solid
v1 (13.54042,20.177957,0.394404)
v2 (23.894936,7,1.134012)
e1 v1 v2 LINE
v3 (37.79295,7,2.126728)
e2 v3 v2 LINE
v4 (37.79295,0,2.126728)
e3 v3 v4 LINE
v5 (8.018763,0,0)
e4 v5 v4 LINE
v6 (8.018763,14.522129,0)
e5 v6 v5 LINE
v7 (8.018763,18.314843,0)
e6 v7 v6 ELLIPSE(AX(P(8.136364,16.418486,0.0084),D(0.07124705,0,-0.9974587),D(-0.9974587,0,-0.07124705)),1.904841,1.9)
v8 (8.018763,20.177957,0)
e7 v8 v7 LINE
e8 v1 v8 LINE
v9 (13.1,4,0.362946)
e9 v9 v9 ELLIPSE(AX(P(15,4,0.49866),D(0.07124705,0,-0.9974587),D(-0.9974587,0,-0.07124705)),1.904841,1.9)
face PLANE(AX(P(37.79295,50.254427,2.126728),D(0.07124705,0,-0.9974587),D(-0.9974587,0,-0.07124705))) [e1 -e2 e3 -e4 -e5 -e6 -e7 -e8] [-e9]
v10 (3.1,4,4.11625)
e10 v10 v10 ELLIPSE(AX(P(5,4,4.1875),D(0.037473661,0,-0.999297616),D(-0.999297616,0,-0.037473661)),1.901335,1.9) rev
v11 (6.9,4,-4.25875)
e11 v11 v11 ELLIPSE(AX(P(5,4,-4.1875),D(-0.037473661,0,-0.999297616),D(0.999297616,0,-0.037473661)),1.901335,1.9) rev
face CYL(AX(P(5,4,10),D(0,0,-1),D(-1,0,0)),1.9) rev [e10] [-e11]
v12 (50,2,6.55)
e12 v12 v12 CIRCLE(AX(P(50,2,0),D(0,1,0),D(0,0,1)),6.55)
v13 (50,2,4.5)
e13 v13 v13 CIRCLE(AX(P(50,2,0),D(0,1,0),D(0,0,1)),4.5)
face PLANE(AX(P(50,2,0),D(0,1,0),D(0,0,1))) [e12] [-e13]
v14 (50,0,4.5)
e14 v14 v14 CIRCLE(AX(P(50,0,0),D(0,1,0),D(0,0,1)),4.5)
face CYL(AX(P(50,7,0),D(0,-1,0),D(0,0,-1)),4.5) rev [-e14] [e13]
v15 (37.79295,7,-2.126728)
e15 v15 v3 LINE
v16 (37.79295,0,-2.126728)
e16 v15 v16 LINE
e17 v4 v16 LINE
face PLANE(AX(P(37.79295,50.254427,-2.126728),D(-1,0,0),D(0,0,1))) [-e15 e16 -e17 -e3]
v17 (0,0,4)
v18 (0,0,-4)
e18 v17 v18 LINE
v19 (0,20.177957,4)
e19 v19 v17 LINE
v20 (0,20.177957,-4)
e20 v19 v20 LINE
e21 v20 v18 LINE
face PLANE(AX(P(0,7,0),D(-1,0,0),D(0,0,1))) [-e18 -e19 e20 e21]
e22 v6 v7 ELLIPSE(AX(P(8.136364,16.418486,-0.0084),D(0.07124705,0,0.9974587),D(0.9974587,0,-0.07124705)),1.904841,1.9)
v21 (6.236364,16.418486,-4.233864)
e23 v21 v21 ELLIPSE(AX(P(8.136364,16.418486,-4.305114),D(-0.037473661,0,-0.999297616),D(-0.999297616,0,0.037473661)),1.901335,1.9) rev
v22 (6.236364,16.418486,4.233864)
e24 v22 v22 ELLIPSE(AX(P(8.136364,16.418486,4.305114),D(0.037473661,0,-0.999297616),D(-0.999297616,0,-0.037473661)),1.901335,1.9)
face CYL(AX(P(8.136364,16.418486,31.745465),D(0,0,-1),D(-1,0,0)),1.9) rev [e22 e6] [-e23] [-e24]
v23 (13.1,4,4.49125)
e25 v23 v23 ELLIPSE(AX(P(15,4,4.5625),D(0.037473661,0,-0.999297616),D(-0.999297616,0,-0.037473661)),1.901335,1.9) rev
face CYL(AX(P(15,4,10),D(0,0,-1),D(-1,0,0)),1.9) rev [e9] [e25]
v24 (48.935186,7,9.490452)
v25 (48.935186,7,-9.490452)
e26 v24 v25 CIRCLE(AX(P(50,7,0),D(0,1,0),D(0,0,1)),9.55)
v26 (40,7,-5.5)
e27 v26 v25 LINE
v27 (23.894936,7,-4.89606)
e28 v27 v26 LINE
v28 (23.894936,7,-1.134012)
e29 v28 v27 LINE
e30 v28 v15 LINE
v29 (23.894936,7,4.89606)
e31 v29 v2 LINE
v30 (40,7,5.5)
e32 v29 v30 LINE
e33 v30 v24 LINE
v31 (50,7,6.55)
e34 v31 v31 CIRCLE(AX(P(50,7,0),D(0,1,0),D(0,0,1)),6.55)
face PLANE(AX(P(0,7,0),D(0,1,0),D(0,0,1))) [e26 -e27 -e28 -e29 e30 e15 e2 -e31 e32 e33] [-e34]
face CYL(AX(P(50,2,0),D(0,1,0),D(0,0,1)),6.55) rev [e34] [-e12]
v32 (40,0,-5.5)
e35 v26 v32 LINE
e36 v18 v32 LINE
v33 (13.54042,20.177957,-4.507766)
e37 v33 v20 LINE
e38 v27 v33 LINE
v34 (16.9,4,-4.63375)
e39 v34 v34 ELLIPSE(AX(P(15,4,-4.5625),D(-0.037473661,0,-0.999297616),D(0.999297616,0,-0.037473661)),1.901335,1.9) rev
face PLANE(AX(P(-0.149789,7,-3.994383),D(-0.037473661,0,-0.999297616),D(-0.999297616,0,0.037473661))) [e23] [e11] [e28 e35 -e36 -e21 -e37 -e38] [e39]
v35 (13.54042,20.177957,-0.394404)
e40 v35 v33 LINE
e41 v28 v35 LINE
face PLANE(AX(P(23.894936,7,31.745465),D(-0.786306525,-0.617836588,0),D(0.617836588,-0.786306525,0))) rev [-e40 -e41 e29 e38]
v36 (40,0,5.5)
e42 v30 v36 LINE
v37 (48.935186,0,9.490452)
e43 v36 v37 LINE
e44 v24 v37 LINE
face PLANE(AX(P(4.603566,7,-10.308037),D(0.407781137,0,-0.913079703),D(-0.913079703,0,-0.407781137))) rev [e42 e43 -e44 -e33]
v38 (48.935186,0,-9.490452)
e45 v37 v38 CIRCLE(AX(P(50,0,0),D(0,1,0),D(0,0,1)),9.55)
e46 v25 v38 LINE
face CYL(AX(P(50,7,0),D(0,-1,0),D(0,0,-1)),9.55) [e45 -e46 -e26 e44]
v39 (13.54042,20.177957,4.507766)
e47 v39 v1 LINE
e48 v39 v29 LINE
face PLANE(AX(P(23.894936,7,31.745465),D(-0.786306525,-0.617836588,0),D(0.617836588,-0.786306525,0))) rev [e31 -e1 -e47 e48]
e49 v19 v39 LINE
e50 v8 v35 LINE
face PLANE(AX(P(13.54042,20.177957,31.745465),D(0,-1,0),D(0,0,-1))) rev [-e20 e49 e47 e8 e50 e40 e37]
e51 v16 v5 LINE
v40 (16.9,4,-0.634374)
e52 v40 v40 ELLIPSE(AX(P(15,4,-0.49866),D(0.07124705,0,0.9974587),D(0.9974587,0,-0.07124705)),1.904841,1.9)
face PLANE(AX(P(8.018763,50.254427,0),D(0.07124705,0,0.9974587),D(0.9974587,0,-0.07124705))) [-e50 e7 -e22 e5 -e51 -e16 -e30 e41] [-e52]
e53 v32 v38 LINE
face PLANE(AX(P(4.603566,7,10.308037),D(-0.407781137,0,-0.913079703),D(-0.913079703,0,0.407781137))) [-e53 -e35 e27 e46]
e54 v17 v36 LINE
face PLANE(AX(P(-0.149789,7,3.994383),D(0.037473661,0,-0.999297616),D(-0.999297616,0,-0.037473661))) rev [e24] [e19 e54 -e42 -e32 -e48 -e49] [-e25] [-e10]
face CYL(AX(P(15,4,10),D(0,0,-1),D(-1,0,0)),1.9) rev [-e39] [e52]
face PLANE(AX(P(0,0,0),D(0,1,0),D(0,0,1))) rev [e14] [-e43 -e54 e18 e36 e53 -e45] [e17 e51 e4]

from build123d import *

# Parameters (mm, degrees)
SKETCH8_R                       = 4.5
BOSS_EXTRUDE2_DEPTH             = 7
SKETCH10_R                      = 6.55
CUT_EXTRUDE6_DEPTH              = 5
CUT_EXTRUDE7_DEPTH              = 10
CUT_EXTRUDE7_DEPTH_BACK         = 10
SKETCH11_R                      = 1.9
BOSS_EXTRUDE3_REACH             = 62.716
SKETCH12_R                      = 1.9
BOSS_EXTRUDE3_DIRECTION_2_REACH = 62.716
CUT_EXTRUDE8_REACH              = 65.597


with BuildPart() as part:
    # Sketch8 → Boss-Extrude2 (new body)
    with BuildSketch(Plane(origin=(0, 0, 0), x_dir=(1, 0, 0), z_dir=(0, 1, 0))):
        with BuildLine():
            Line((40, -5.5), (48.935186127, -9.490451592))
            ThreePointArc((48.935186127, -9.490451592), (59.55, 0), (48.935186127, 9.490451592))
            Line((48.935186127, 9.490451592), (40, 5.5))
            Line((40, 5.5), (0, 4))
            Line((0, 4), (0, -4))
            Line((0, -4), (40, -5.5))
        make_face()
        with Locations(Location((50, 0, 0), (0, 0, 270))):
            Circle(SKETCH8_R, mode=Mode.SUBTRACT)
    extrude(amount=BOSS_EXTRUDE2_DEPTH)

    # Sketch10 → Cut-Extrude6 (cut)
    with BuildSketch(Plane(origin=(0, 7, 0), x_dir=(1, 0, 0), z_dir=(0, 1, 0))):
        with Locations(Location((50, 0, 0), (0, 0, 270))):
            Circle(SKETCH10_R)
    extrude(amount=-CUT_EXTRUDE6_DEPTH, mode=Mode.SUBTRACT)

    # Sketch11 → Cut-Extrude7 (cut, two sides: drawn at the far end of the back side and taken through both)
    with BuildSketch(Plane.XY.offset(-CUT_EXTRUDE7_DEPTH_BACK)):
        with Locations(Location((5, 4, 0), (0, 0, 180))):
            Circle(SKETCH11_R)
        with Locations(Location((15, 4, 0), (0, 0, 180))):
            Circle(SKETCH11_R)
    extrude(amount=CUT_EXTRUDE7_DEPTH + CUT_EXTRUDE7_DEPTH_BACK, mode=Mode.SUBTRACT)

    # Boss-Extrude3: up to this plane
    boss_extrude3_end = Plane(origin=(-0.149789359, 7, 3.994382899), z_dir=(0.037473660589094265, 0, -0.9992976157091807))
    # Sketch12 → Boss-Extrude3 (add, up to the surface)
    with BuildSketch(Plane.XY, mode=Mode.PRIVATE) as boss_extrude3_sk1:
        Polygon((23.894935943, 7), (13.540419669, 20.177956538), (0, 20.177956538), (0, 7), align=None)
        with Locations(Location((8.136364364, 16.418485591, 0), (0, 0, 180))):
            Circle(SKETCH12_R, mode=Mode.SUBTRACT)
    boss_extrude3_tool1 = split(extrude(boss_extrude3_sk1.sketch, amount=BOSS_EXTRUDE3_REACH, mode=Mode.PRIVATE), bisect_by=boss_extrude3_end, keep=Keep.BOTH, mode=Mode.PRIVATE)
    add(boss_extrude3_tool1.solids().sort_by_distance((9.667927, 12.815835, 0))[0])

    # Boss-Extrude3 direction 2: up to this plane
    boss_extrude3_direction_2_end = Plane(origin=(-0.149789359, 7, -3.994382899), z_dir=(-0.037473660589094265, 0, -0.9992976157091807))
    # Sketch12 → Boss-Extrude3 direction 2 (add, up to the surface)
    with BuildSketch(Plane.XY, mode=Mode.PRIVATE) as boss_extrude3_direction_2_sk1:
        Polygon((23.894935943, 7), (13.540419669, 20.177956538), (0, 20.177956538), (0, 7), align=None)
        with Locations(Location((8.136364364, 16.418485591, 0), (0, 0, 180))):
            Circle(SKETCH12_R, mode=Mode.SUBTRACT)
    boss_extrude3_direction_2_tool1 = split(extrude(boss_extrude3_direction_2_sk1.sketch, amount=-BOSS_EXTRUDE3_DIRECTION_2_REACH, mode=Mode.PRIVATE), bisect_by=boss_extrude3_direction_2_end, keep=Keep.BOTH, mode=Mode.PRIVATE)
    add(boss_extrude3_direction_2_tool1.solids().sort_by_distance((9.667927, 12.815835, 0))[0])

    # Cut-Extrude8: up to this face of the body (flat: up to its plane)
    cut_extrude8_end = Plane(part.part.faces().sort_by_distance((6.904897785, 20.177956538, 0))[0])
    # Sketch13 → Cut-Extrude8 (cut, up to the picked face)
    with BuildSketch(Plane(origin=(0, 0, 0), x_dir=(1, 0, 0), z_dir=(0, 1, 0)), mode=Mode.PRIVATE) as cut_extrude8_sk1:
        Polygon((8.018762989, 0), (37.792949753, 2.126727626), (37.792949753, -2.126727626), align=None)
    cut_extrude8_tool1 = split(extrude(cut_extrude8_sk1.sketch, amount=CUT_EXTRUDE8_REACH, mode=Mode.PRIVATE), bisect_by=cut_extrude8_end, keep=Keep.BOTH, mode=Mode.PRIVATE)
    add(cut_extrude8_tool1.solids().sort_by(Axis((27.868221, 0, 0), (0, 1, 0)))[0], mode=Mode.SUBTRACT)


solid = part.part
